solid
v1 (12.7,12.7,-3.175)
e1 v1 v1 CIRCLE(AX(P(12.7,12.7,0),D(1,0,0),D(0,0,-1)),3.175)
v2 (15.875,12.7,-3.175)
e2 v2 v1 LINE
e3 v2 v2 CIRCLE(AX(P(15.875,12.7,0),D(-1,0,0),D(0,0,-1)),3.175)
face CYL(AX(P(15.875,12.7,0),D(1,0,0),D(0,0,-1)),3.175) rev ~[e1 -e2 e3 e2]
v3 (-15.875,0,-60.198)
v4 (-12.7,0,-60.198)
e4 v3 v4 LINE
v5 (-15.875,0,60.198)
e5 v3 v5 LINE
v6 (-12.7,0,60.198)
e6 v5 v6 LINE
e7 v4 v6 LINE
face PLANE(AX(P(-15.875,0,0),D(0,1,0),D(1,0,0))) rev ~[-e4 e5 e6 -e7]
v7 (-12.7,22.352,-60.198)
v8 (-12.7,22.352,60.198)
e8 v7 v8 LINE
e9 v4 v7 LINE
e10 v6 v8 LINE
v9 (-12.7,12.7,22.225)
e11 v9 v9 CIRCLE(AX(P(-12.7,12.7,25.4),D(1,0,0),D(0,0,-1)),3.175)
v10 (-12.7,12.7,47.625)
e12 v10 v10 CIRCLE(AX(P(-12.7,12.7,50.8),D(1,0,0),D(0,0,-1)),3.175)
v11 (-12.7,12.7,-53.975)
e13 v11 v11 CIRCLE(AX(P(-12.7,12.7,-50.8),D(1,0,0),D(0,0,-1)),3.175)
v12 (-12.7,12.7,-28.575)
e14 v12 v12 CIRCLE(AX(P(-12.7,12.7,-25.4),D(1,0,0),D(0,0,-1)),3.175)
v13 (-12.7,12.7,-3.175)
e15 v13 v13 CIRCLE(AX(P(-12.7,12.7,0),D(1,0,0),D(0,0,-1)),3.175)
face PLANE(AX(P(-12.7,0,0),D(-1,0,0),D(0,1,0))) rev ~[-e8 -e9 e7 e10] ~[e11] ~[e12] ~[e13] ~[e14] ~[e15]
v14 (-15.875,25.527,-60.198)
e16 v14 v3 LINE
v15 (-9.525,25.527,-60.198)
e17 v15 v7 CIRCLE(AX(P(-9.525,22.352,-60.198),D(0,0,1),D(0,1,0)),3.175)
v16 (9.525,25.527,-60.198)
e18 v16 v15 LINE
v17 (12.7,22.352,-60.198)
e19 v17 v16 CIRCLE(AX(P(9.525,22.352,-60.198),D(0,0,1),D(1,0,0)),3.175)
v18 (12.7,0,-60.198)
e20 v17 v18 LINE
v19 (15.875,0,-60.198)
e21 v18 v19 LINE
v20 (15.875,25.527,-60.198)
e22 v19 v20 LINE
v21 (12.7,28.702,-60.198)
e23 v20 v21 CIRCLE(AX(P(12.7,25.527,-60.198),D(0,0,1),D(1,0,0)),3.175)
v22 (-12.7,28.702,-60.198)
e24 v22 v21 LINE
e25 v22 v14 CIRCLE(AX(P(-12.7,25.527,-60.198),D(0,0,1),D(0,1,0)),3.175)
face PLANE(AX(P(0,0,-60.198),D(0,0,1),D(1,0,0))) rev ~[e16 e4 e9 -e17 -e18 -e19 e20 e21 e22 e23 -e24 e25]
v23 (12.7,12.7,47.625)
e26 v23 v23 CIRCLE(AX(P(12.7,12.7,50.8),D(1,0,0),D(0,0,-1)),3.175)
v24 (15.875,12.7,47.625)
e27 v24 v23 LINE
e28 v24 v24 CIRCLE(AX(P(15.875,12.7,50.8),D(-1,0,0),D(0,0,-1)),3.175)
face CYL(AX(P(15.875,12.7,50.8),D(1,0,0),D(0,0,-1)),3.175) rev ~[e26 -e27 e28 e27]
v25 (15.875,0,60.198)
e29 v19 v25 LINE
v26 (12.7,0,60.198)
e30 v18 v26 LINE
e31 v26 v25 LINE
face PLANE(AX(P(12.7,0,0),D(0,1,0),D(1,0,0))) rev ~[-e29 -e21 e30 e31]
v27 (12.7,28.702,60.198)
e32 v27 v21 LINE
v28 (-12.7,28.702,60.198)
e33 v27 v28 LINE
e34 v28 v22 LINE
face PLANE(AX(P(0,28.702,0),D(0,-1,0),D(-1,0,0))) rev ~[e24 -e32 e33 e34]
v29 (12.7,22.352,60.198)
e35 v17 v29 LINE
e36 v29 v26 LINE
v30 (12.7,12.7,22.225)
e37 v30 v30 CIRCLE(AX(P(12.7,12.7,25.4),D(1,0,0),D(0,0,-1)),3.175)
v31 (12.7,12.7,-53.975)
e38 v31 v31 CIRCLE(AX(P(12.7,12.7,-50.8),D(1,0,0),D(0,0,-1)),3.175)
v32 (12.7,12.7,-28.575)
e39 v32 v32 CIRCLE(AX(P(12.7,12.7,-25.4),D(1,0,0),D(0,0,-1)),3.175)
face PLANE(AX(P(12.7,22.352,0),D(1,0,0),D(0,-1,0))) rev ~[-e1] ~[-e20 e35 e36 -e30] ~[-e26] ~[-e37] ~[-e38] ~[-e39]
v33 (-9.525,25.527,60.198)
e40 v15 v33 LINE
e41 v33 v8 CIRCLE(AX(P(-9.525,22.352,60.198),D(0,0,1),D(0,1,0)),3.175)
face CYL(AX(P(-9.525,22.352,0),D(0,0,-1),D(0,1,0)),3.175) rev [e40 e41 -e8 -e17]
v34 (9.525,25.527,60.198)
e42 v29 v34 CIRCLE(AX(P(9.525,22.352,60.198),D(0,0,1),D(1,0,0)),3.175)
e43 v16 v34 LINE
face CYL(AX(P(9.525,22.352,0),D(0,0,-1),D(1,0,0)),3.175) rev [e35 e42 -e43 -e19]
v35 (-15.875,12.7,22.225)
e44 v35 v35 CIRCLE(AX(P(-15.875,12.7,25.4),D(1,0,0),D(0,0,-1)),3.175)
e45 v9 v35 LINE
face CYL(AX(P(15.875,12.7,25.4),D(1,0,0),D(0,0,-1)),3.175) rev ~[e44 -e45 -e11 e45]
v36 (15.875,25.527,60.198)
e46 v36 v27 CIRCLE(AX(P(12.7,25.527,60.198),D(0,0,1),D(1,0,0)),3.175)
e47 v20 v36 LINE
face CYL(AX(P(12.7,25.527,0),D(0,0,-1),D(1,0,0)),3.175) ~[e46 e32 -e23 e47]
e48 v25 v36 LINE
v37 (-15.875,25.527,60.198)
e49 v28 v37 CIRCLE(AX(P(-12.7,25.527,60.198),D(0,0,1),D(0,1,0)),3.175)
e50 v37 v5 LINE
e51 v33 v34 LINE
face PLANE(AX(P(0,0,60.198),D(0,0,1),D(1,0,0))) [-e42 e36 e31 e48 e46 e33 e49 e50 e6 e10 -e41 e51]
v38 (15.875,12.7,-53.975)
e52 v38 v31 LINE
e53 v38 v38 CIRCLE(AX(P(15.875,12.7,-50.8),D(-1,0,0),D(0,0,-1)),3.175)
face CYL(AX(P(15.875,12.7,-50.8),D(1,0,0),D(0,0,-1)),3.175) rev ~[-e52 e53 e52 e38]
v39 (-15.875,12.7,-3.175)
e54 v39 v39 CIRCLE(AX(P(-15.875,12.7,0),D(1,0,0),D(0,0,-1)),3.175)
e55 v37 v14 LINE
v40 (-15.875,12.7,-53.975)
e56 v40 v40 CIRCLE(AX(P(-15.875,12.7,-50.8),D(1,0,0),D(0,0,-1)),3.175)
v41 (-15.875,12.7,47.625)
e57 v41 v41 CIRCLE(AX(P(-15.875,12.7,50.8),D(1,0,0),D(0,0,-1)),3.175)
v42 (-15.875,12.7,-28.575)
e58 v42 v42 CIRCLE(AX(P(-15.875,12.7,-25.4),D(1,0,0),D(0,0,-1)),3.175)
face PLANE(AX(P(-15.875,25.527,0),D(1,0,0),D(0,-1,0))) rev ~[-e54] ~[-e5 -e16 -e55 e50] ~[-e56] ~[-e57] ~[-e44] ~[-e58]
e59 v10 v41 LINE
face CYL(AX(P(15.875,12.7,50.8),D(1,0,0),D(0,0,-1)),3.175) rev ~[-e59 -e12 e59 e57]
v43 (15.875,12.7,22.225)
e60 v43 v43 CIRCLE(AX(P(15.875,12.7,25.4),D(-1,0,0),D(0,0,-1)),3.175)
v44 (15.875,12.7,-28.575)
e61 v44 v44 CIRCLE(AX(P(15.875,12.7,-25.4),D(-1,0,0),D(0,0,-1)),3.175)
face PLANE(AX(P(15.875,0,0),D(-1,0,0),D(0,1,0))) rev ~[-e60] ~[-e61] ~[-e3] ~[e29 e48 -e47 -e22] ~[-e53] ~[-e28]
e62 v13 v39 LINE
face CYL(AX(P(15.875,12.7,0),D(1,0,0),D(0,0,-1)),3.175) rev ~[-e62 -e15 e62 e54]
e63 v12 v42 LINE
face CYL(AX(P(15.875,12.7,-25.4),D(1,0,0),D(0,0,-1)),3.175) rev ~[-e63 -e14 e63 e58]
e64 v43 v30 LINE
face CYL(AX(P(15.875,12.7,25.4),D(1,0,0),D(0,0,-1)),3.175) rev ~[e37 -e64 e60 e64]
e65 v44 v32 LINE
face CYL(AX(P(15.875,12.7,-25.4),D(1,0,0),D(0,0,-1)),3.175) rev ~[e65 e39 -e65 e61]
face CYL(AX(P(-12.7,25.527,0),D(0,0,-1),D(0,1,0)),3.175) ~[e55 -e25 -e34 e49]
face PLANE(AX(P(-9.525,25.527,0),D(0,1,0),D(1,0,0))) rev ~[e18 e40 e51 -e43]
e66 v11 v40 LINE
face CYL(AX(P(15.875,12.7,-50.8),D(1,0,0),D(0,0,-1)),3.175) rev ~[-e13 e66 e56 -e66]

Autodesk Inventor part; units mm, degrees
ref_plane "YZ Plane" through (0, 0, 0) normal (1, 0, 0) x (0, 1, 0)
ref_plane "XZ Plane" through (0, 0, 0) normal (0, 1, 0) x (-1, 0, 0)
ref_plane "XY Plane" through (0, 0, 0) normal (0, 0, 1) x (1, 0, 0)
sketch "Sketch1" plane through (0, 0, 0) normal (0, 0, 1) x (1, 0, 0)
  line L0 (-15.875, 0) -> (-12.7, 0)
  line L1 (-12.7, 0) -> (-12.7, 22.352)
  line L2 (-9.525, 25.527) -> (9.525, 25.527)
  line L3 (12.7, 22.352) -> (12.7, 0)
  line L4 (12.7, 0) -> (15.875, 0)
  line L5 (15.875, 0) -> (15.875, 25.527)
  line L6 (12.7, 28.702) -> (-12.7, 28.702)
  line L7 (-15.875, 25.527) -> (-15.875, 0)
  arc A0 (-9.525, 25.527) -> (-12.7, 22.352) centre (-9.525, 22.352) ccw
  arc A1 (12.7, 22.352) -> (9.525, 25.527) centre (9.525, 22.352) ccw
  arc A2 (-12.7, 28.702) -> (-15.875, 25.527) centre (-12.7, 25.527) ccw
  arc A3 (15.875, 25.527) -> (12.7, 28.702) centre (12.7, 25.527) ccw
  line L8 (0, 35.2315) -> (0, -5.8719) projected
  point P0 (0, 0)
  dimension "d0" = 28.702
  dimension "d1" = 31.75
  dimension "d2" = 3.175
  dimension "d3" = 3.175
  dimension "d4" = 3.175
extrude "Extrusion1" add sketch "Sketch1" along normal mid plane 120.396
sketch "Sketch4" plane through (15.875, 0, 60.198) normal (1, 0, 0) x (0, 0, -1)
  line L0 (-79.375, 0) -> (476.25, 0) projected
  line L1 (60.198, -5.7404) -> (60.198, 34.4424) projected
  circle A0 centre (60.198, 12.7) radius 3.175
  point P0 (60.198, 0)
  dimension "d35" = 12.7
  dimension "d36" = 0
  dimension "d37" = 6.35
extrude "Extrusion4" cut sketch "Sketch4" against normal up to surface (31.75 mm away)
pattern_linear "Rectangular Pattern3" count 20 spacing 25.4 along (0, 0, 1) count 20 spacing 25.4 along (0, 0, -1) of "Extrusion4"
equation "\"d5\" = Support3Length"
equation "\"Support3Length\" = 120.396"
properties part number "NSupportChannel3" material "Aluminum 6061"
